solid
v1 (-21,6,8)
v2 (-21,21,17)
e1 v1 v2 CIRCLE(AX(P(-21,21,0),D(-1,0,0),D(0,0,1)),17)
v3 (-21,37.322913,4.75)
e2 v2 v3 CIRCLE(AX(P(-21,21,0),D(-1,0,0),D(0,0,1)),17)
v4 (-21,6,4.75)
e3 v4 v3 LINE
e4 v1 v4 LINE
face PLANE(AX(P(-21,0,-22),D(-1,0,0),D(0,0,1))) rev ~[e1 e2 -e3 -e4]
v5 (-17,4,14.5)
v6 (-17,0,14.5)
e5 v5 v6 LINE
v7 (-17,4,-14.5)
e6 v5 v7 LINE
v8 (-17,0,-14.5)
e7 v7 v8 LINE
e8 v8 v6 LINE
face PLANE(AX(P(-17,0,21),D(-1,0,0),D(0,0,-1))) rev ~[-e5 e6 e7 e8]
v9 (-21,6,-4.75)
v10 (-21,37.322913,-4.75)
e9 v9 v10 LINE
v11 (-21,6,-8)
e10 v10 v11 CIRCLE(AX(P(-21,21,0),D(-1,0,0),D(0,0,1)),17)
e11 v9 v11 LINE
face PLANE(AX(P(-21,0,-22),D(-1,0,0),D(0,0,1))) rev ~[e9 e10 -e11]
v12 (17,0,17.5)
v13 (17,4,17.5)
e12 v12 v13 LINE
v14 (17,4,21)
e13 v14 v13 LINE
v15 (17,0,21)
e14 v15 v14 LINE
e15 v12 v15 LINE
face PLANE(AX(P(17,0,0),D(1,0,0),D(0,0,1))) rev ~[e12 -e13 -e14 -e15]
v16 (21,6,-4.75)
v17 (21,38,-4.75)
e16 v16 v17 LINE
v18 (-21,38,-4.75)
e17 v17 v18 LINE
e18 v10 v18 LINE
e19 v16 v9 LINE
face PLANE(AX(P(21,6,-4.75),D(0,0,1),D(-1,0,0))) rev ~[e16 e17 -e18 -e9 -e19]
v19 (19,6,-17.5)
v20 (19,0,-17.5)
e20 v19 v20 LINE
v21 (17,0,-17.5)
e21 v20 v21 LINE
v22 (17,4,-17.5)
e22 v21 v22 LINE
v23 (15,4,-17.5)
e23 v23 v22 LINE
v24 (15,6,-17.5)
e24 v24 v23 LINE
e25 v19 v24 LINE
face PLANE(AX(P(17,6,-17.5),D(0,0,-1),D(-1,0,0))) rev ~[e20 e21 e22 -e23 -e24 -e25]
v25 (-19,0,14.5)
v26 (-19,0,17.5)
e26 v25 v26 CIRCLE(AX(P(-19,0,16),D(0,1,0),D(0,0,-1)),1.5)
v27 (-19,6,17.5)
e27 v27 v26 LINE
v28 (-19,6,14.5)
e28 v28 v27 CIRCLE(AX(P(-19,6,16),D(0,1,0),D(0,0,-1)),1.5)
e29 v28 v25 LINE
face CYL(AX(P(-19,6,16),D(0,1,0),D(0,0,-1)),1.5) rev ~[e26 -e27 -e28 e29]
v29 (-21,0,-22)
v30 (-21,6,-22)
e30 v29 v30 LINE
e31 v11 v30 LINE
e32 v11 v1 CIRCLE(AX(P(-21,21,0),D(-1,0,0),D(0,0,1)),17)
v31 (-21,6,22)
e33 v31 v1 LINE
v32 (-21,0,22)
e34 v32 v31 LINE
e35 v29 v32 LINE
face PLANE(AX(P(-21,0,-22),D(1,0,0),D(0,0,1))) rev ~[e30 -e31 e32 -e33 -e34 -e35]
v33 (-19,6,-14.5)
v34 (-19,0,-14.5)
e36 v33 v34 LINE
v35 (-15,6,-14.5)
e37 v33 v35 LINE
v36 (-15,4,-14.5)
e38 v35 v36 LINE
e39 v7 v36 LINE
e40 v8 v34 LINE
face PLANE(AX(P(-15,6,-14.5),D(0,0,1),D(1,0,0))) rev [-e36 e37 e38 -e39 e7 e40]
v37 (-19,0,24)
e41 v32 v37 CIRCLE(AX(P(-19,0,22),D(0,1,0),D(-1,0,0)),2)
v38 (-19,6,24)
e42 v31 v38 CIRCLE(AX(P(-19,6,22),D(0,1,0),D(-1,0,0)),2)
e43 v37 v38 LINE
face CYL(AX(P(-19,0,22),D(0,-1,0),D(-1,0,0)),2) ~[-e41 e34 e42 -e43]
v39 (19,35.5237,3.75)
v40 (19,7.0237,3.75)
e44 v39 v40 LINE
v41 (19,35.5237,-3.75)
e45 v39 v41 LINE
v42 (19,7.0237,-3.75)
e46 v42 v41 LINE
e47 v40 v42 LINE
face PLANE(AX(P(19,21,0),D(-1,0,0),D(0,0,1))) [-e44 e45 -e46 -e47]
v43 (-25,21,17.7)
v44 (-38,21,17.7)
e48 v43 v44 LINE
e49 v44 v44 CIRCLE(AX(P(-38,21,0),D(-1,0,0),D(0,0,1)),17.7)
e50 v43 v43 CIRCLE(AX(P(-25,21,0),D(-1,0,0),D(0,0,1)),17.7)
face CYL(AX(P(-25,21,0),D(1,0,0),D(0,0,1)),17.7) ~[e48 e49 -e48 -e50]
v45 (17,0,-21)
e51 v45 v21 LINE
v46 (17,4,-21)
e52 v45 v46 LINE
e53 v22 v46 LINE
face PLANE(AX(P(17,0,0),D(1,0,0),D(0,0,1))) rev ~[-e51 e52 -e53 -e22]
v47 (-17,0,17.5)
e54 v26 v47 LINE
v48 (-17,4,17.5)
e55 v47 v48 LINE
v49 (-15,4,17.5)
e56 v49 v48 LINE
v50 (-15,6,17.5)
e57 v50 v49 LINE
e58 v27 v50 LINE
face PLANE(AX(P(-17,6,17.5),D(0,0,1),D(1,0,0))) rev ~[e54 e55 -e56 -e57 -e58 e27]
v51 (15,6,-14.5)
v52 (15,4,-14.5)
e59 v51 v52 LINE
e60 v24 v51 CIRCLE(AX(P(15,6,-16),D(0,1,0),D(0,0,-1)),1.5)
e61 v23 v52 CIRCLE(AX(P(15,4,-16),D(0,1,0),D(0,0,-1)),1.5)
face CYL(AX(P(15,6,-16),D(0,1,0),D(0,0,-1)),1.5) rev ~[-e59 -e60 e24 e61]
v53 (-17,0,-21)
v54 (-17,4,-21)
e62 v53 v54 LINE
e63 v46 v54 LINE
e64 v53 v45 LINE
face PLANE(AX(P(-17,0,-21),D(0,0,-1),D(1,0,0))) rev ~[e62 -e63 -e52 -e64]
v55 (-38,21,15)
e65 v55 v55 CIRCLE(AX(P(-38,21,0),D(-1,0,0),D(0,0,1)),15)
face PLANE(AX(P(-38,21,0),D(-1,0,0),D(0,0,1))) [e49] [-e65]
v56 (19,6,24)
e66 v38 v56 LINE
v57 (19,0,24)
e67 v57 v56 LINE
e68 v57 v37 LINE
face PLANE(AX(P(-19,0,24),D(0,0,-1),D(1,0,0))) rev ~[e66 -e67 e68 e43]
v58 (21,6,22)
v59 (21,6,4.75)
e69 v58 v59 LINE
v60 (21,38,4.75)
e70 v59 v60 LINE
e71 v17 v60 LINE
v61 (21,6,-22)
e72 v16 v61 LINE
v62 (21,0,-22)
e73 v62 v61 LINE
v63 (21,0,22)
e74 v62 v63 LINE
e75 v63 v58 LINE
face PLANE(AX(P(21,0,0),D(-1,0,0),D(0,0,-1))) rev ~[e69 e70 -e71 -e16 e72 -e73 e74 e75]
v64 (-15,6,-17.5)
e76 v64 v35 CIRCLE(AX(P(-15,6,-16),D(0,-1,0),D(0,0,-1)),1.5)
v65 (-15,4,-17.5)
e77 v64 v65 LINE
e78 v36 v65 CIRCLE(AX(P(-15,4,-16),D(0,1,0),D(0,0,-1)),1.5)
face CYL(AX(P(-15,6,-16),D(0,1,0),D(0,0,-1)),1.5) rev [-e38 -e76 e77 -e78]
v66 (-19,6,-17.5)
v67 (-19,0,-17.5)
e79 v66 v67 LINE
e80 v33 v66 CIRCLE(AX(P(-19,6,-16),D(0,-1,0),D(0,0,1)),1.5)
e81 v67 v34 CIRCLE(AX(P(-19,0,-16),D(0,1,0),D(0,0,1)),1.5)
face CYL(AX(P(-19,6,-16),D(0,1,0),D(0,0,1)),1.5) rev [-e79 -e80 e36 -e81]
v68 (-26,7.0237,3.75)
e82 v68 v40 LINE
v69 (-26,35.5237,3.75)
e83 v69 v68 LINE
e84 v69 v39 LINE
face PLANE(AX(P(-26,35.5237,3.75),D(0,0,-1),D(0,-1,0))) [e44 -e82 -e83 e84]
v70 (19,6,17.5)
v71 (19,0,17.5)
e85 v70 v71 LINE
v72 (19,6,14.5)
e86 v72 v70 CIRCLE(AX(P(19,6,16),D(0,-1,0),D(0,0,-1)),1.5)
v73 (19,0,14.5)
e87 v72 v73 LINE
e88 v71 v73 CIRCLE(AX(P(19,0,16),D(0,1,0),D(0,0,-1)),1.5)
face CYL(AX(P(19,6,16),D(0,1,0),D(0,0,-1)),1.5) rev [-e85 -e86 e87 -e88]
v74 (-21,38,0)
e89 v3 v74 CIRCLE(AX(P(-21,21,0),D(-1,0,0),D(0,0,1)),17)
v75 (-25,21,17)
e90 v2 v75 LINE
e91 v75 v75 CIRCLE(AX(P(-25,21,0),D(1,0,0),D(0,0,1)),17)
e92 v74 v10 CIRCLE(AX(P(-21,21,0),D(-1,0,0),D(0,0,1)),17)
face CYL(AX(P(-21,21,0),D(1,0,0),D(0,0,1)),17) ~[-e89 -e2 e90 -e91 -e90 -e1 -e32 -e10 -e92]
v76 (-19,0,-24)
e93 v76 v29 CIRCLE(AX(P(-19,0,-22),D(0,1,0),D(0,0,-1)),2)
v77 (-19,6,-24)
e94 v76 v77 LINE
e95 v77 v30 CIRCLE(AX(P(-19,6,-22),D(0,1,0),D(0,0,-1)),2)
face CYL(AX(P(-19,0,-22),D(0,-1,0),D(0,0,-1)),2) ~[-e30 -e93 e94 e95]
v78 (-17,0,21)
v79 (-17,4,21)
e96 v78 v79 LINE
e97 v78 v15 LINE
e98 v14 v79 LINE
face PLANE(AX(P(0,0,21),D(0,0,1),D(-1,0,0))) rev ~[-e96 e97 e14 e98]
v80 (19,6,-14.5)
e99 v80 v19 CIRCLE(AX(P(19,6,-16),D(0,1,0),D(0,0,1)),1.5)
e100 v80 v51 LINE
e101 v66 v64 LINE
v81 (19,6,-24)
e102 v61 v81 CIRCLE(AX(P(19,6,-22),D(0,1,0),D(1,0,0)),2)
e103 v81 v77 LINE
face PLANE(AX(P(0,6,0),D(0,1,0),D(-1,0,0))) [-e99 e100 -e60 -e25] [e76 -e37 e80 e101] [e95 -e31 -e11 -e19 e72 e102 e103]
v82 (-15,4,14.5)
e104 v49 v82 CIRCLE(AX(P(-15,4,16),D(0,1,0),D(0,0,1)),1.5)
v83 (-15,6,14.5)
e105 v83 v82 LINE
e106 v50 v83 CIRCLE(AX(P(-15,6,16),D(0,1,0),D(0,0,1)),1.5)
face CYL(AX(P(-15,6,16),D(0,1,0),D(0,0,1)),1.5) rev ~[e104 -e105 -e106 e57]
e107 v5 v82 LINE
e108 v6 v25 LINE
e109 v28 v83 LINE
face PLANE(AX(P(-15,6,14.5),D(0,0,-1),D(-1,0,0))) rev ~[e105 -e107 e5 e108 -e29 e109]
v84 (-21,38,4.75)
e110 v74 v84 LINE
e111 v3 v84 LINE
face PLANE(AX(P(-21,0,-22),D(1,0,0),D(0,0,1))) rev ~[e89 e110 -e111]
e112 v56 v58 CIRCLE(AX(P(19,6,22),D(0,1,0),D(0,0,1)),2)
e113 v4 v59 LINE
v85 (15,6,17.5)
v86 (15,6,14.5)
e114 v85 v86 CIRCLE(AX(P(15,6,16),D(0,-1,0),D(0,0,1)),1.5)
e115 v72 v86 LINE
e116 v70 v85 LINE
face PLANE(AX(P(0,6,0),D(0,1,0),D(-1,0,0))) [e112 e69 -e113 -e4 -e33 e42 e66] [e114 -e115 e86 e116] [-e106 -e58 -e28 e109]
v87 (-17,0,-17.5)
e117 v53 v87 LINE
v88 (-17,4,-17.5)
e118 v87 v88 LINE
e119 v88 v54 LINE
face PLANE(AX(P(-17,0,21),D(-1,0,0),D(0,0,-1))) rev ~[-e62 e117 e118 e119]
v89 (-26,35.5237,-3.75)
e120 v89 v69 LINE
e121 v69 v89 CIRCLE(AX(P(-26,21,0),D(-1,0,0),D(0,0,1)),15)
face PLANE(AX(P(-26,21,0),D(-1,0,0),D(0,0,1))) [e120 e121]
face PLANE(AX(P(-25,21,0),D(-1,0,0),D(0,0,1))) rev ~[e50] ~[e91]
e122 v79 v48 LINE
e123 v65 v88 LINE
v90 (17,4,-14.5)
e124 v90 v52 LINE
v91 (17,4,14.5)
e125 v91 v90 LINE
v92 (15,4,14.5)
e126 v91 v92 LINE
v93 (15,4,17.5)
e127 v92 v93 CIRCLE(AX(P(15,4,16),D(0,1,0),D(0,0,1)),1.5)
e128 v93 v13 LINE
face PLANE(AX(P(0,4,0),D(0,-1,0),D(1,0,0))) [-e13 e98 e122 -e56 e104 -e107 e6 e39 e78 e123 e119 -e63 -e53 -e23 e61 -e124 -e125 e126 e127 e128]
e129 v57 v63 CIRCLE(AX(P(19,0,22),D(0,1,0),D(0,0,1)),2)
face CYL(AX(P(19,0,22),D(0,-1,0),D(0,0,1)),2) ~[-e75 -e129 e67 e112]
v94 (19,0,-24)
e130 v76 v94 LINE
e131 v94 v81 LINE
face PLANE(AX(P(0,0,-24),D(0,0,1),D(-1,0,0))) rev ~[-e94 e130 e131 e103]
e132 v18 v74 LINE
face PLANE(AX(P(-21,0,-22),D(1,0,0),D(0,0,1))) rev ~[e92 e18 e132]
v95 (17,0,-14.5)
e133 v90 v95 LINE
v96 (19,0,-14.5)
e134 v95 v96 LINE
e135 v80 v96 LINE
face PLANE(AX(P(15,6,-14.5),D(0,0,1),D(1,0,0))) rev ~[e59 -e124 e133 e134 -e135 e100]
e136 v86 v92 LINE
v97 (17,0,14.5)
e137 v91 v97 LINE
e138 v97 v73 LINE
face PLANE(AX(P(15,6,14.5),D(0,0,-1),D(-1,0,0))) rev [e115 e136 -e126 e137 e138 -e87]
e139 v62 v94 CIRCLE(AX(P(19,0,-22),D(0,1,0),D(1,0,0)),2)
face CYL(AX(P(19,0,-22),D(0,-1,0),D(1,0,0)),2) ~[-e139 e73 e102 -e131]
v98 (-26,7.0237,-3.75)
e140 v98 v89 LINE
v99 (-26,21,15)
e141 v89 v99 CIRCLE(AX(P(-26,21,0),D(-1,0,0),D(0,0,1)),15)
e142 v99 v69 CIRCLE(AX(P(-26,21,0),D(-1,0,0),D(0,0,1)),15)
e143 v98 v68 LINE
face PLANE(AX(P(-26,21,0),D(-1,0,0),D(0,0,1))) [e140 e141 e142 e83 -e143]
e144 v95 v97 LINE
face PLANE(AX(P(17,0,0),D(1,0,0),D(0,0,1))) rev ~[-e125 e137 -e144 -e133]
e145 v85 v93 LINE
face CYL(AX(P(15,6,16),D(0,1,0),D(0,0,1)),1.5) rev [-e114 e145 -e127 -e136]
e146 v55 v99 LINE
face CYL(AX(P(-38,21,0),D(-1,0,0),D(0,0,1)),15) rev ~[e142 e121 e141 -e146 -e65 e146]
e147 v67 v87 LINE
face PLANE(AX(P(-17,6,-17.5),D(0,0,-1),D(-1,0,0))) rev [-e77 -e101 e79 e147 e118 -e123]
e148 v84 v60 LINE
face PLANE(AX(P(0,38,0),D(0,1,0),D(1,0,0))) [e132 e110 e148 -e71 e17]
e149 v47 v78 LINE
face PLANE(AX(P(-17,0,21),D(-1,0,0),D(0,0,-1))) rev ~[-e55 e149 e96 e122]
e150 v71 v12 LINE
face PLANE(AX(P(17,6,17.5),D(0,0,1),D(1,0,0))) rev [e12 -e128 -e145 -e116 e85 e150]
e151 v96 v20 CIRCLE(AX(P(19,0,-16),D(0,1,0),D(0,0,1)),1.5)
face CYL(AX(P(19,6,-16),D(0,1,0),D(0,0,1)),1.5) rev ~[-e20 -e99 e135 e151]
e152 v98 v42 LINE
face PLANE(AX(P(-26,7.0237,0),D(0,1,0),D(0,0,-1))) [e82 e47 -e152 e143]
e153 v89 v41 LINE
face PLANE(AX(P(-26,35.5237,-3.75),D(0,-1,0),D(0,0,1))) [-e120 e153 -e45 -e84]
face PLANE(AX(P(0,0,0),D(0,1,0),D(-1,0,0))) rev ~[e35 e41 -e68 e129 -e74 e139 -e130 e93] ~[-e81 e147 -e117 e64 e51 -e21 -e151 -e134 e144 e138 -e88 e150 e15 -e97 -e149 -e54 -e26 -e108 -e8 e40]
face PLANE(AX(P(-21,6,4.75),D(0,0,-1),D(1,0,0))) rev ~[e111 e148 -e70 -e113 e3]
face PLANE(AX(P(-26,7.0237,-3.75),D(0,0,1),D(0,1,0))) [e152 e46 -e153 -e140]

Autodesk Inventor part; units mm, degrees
ref_plane "YZ Plane" through (0, 0, 0) normal (1, 0, 0) x (0, 1, 0)
ref_plane "XZ Plane" through (0, 0, 0) normal (0, 1, 0) x (-1, 0, 0)
ref_plane "XY Plane" through (0, 0, 0) normal (0, 0, 1) x (1, 0, 0)
sketch "Sketch1" plane through (0, 0, 0) normal (0, 1, 0) x (-1, 0, 0)
  line L0 (29.9799, 0) -> (-29.9799, 0) projected
  line L1 (0, -34.1799) -> (0, 34.1799) projected
  line L2 (19, 24) -> (-19, 24)
  line L3 (-21, 22) -> (-21, -22)
  line L4 (-19, -24) -> (19, -24)
  line L5 (21, -22) -> (21, 22)
  arc A0 (21, 22) -> (19, 24) centre (19, 22) ccw
  arc A1 (19, -24) -> (21, -22) centre (19, -22) ccw
  arc A2 (-21, -22) -> (-19, -24) centre (-19, -22) ccw
  arc A3 (-19, 24) -> (-21, 22) centre (-19, 22) ccw
  point P0 (0, 0)
  point P1 (21, 24)
  point P2 (-21, -24)
  point P3 (-21, 24)
  point P4 (21, -24)
  dimension "d0" = 42
  dimension "d1" = 48
  dimension "d4" = 2
extrude "Extrusion1" add sketch "Sketch1" along normal blind 6
sketch "Sketch2" plane through (0, 0, 0) normal (0, -1, 0) x (1, 0, 0)
  line L0 (-29.4, 0) -> (29.4, 0) projected
  line L1 (0, -33.6) -> (0, 33.6) projected
  line L2 (17, 21) -> (-17, 21)
  line L3 (-17, 21) -> (-17, -21)
  line L4 (-17, -21) -> (17, -21)
  line L5 (17, -21) -> (17, 21)
  point P0 (0, 0)
  dimension "d5" = 34
  dimension "d6" = 42
extrude "Extrusion2" cut sketch "Sketch2" against normal blind 4
sketch "Sketch3" plane through (0, 6, 0) normal (0, 1, 0) x (1, 0, 0)
  line L0 (-29.4, 0) -> (29.4, 0) projected
  line L1 (0, 33.6) -> (0, -33.6) projected
  line L2 (19, 16) -> (15, 16) construction
  line L3 (17, -21) -> (17, 21) projected
  line L4 (19, 17.5) -> (15, 17.5)
  line L5 (15, 14.5) -> (19, 14.5)
  arc A0 (19, 14.5) -> (19, 17.5) centre (19, 16) ccw
  arc A1 (15, 17.5) -> (15, 14.5) centre (15, 16) ccw
  line L6 (19, 16) -> (23, 16) construction
  line L7 (21, -22) -> (21, 22) projected
  line L8 (19, 24) -> (-19, 24) projected
  point P0 (0, 0)
  point P1 (17, 16)
  dimension "d9" = 4
  dimension "d10" = 180
  dimension "d11" = 3
  dimension "d12" = 4
  dimension "d13" = 8
extrude "Extrusion3" cut sketch "Sketch3" against normal through all
mirror "Mirror1" about plane through (0, 0, 0) normal (0, 0, 1) of "Extrusion3"
mirror "Mirror2" about plane through (0, 0, 0) normal (1, 0, 0) of "Extrusion3", "Mirror1"
sketch "Sketch4" plane through (0, 6, 0) normal (0, 1, 0) x (1, 0, 0)
  line L0 (21, 4.75) -> (-21, 4.75)
  line L1 (-21, 4.75) -> (-21, -4.75)
  line L2 (-21, -4.75) -> (21, -4.75)
  line L3 (21, -4.75) -> (21, 4.75)
  line L4 (21, -22) -> (21, 22) projected
  line L5 (-21, 22) -> (-21, -22) projected
  line L6 (-29.4, 0) -> (29.4, 0) projected
  point P0 (0, 0)
  dimension "d16" = 9.5
extrude "Extrusion4" add sketch "Sketch4" along normal blind 32
sketch "Sketch5" plane through (-21, 0, -22) normal (-1, 0, 0) x (0, 0, 1)
  circle A0 centre (22, 21) radius 17
  line L0 (17.25, 38) -> (26.75, 38) projected
  line L1 (22, -7.6) -> (22, 45.6) projected
  point P0 (22, 0)
  dimension "d19" = 34
extrude "Extrusion5" add sketch "Sketch5" along normal blind 4
sketch "Sketch6" plane through (-25, 21, 0) normal (-1, 0, 0) x (0, 0, 1)
  circle A0 centre (0, 0) radius 17 projected
  circle A1 centre (0, 0) radius 17.7
  point P0 (0, -21)
  dimension "d22" = 35.4
extrude "Extrusion6" add sketch "Sketch6" along normal blind 13 contours A0 | A1
sketch "Sketch7" plane through (-38, 21, 0) normal (-1, 0, 0) x (0, 0, 1)
  circle A0 centre (0, 0) radius 17.7 projected
  circle A1 centre (0, 0) radius 15
  point P0 (0, -21)
  dimension "d25" = 30
extrude "Extrusion7" cut sketch "Sketch7" against normal blind 12 contours A1
sketch "Sketch8" plane through (-26, 21, 0) normal (-1, 0, 0) x (0, 0, 1)
  line L0 (-3.75, 14.5237) -> (3.75, 14.5237)
  line L1 (3.75, 14.5237) -> (3.75, -13.9763)
  line L2 (3.75, -13.9763) -> (-3.75, -13.9763)
  line L3 (-3.75, -13.9763) -> (-3.75, 14.5237)
  circle A0 centre (0, 0) radius 15 projected
  line L4 (0, -28.74) -> (0, 25.44) projected
  point P0 (0, -21)
  dimension "d28" = 7.5
  dimension "d29" = 28.5
extrude "Extrusion8" cut sketch "Sketch8" against normal blind 45 contours L0 L4 L2 L3 | L0 L1 L2 L4
properties part number "boquilla_capnografo_V1"
